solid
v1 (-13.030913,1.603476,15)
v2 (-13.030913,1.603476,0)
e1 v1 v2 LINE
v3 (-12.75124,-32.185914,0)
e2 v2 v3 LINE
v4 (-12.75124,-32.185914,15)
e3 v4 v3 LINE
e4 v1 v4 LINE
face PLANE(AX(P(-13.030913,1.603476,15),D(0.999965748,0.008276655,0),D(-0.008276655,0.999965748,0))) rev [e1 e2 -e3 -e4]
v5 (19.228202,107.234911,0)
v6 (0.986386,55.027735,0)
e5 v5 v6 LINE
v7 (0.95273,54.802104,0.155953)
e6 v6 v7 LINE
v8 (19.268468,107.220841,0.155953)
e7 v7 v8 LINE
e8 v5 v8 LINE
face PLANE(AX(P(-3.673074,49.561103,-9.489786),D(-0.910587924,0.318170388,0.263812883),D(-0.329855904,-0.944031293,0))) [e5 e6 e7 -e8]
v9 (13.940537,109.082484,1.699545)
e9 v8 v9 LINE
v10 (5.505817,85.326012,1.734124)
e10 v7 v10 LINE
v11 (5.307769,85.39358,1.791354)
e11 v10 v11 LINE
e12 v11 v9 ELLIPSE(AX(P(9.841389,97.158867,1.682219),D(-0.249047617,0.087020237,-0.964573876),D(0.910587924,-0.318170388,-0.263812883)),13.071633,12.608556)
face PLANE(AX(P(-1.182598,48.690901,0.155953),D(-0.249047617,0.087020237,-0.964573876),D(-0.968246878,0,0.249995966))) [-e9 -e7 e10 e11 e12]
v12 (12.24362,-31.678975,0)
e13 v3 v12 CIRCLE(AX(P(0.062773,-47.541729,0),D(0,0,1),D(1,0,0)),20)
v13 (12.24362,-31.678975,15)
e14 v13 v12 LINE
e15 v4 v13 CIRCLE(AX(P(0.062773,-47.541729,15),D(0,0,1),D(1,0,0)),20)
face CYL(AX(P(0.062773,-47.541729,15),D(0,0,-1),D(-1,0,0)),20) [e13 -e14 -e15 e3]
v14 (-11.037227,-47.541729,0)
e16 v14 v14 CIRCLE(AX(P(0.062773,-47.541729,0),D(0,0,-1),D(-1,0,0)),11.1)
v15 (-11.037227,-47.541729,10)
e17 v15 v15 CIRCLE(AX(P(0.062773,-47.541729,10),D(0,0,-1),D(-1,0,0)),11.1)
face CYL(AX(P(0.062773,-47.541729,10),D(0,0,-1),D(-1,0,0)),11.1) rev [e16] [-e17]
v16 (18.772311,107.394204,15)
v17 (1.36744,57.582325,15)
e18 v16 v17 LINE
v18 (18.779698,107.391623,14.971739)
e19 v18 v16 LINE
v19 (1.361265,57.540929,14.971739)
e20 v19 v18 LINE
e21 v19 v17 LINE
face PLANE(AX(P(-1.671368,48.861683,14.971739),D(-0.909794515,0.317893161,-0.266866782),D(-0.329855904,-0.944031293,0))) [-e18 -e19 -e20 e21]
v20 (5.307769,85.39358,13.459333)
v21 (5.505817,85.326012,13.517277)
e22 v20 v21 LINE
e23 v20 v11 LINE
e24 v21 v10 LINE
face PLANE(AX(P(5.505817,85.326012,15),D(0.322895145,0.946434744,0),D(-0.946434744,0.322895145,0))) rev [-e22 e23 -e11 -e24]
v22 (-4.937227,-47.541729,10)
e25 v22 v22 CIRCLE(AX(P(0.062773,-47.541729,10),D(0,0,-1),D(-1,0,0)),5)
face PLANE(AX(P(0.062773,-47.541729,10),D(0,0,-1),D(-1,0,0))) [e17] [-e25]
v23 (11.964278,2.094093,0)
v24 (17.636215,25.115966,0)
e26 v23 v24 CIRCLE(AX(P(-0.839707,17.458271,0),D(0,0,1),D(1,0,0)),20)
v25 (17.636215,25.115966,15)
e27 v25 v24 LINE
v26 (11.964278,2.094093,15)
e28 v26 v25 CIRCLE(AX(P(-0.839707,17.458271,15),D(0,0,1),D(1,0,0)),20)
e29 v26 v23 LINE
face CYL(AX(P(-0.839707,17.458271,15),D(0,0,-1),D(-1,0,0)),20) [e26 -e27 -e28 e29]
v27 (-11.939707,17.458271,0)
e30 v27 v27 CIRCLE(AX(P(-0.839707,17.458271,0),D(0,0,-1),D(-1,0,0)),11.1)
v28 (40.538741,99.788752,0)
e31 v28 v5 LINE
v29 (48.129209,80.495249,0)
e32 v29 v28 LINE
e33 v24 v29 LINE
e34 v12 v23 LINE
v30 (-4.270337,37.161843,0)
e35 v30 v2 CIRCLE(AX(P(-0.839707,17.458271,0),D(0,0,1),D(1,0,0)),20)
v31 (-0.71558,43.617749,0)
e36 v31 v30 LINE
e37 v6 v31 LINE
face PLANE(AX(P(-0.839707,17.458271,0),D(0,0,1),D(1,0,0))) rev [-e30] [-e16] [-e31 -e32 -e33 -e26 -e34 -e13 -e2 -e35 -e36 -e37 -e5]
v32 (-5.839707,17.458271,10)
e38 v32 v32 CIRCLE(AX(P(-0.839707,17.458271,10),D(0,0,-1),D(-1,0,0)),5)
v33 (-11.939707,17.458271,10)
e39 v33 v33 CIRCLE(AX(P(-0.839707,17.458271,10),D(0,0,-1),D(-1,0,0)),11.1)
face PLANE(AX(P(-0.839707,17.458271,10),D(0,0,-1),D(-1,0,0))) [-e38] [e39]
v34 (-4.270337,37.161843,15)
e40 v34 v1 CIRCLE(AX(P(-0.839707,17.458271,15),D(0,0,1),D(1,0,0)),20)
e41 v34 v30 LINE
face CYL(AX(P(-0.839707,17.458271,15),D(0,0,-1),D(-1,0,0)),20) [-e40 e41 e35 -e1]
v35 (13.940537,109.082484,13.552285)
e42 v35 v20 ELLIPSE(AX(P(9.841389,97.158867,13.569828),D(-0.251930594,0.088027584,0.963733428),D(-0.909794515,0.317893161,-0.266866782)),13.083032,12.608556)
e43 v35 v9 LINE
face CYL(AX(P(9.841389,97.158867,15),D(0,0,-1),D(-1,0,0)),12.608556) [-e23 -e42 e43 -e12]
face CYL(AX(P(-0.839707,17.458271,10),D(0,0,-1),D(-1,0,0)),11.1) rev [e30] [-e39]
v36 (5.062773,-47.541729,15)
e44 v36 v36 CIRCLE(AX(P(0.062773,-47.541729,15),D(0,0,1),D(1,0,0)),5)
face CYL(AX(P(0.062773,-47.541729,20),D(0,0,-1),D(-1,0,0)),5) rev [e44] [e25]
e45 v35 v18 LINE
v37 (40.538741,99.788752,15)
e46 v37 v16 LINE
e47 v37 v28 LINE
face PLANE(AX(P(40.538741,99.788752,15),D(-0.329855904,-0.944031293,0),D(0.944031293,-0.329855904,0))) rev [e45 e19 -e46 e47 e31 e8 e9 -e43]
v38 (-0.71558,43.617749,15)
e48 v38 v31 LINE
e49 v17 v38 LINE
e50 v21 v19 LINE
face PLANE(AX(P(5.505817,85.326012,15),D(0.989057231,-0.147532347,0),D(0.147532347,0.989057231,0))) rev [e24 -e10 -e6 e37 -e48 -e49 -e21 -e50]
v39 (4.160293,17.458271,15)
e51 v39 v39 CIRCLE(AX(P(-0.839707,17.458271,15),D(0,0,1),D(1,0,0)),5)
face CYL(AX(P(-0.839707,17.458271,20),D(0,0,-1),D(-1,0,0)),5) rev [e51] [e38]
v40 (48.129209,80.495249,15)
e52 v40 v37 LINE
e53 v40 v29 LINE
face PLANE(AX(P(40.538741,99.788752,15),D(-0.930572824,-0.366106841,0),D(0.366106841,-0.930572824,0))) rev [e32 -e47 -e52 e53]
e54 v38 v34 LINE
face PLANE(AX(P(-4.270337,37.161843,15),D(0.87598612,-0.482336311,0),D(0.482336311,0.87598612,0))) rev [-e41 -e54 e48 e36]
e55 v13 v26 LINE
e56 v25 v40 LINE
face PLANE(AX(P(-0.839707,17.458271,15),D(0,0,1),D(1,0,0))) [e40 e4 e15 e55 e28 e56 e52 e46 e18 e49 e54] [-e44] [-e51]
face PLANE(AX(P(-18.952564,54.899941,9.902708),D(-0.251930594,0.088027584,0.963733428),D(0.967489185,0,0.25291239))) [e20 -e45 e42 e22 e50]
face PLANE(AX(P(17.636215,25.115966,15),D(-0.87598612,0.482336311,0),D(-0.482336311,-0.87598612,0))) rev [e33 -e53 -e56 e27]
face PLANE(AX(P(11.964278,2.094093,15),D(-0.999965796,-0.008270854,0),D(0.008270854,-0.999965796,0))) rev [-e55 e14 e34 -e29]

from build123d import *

# Parameters (mm, degrees)
BOSS_EXTRUDE1_DEPTH     = 15
SKETCH2_R               = 11.1
CUT_EXTRUDE1_DEPTH      = 10
SKETCH3_R               = 5
CUT_EXTRUDE2_DEPTH      = 10
CUT_EXTRUDE_THIN7_DEPTH = 62


with BuildPart() as part:
    # Sketch1 → Boss-Extrude1 (new body)
    with BuildSketch(Plane.XY):
        with BuildLine():
            Line((5.505816945, 85.326012217), (5.307768654, 85.393580353))
            ThreePointArc((5.307768654, 85.393580353), (-2.005055015, 101.475976607), (13.940536847, 109.082484312))
            Line((13.940536847, 109.082484312), (40.538740524, 99.7887516))
            Line((40.538740524, 99.7887516), (48.129208704, 80.495248668))
            Line((48.129208704, 80.495248668), (17.636215156, 25.115965593))
            ThreePointArc((17.636215156, 25.115965593), (18.579608232, 12.6739017), (11.964278199, 2.09409296))
            Line((11.964278199, 2.09409296), (12.243619866, -31.678974911))
            ThreePointArc((12.243619866, -31.678974911), (0.468324559, -67.537617109), (-12.751239862, -32.185913949))
            Line((-12.751239862, -32.185913949), (-13.03091257, 1.603476045))
            ThreePointArc((-13.03091257, 1.603476045), (-20.259022529, 22.242640416), (-4.270337109, 37.161843413))
            Line((-4.270337109, 37.161843413), (-0.71558036, 43.617748767))
            Line((-0.71558036, 43.617748767), (5.505816945, 85.326012217))
        make_face()
    extrude(amount=BOSS_EXTRUDE1_DEPTH)

    # Sketch2 → Cut-Extrude1 (cut)
    with BuildSketch(Plane(origin=(0, 0, 0), x_dir=(-1, 0, 0), z_dir=(0, 0, -1))):
        with Locations((0.839707244, 17.458270673)):
            Circle(SKETCH2_R)
        with Locations((-0.062773329, -47.541729327)):
            Circle(SKETCH2_R)
    extrude(amount=-CUT_EXTRUDE1_DEPTH, mode=Mode.SUBTRACT)

    # Sketch3 → Cut-Extrude2 (cut)
    with BuildSketch(Plane(origin=(0, 0, 10), x_dir=(-1, 0, 0), z_dir=(0, 0, -1))):
        with Locations((0.839707244, 17.458270673)):
            Circle(SKETCH3_R)
        with Locations((-0.062773329, -47.541729327)):
            Circle(SKETCH3_R)
    extrude(amount=-CUT_EXTRUDE2_DEPTH, mode=Mode.SUBTRACT)

    # Sketch4 → Cut-Extrude-Thin7 (cut)
    with BuildSketch(Plane(origin=(35.484462303, 101.554777284, 0), x_dir=(0.944031293, -0.329855904, 0), z_dir=(0.329855904, 0.944031293, 0))):
        Polygon((-17.177390776, -0.155952815), (-35.822204189, -5.255346546), (-38.460333018, 4.390392216), (-19.815519606, 9.489785947), align=None)
        Polygon((-36.000883233, -9.902707664), (-17.695137785, -14.971739454), (-20.363805607, -24.609073736), (-38.669551056, -19.540041946), align=None)
    extrude(amount=-CUT_EXTRUDE_THIN7_DEPTH, mode=Mode.SUBTRACT)


solid = part.part
